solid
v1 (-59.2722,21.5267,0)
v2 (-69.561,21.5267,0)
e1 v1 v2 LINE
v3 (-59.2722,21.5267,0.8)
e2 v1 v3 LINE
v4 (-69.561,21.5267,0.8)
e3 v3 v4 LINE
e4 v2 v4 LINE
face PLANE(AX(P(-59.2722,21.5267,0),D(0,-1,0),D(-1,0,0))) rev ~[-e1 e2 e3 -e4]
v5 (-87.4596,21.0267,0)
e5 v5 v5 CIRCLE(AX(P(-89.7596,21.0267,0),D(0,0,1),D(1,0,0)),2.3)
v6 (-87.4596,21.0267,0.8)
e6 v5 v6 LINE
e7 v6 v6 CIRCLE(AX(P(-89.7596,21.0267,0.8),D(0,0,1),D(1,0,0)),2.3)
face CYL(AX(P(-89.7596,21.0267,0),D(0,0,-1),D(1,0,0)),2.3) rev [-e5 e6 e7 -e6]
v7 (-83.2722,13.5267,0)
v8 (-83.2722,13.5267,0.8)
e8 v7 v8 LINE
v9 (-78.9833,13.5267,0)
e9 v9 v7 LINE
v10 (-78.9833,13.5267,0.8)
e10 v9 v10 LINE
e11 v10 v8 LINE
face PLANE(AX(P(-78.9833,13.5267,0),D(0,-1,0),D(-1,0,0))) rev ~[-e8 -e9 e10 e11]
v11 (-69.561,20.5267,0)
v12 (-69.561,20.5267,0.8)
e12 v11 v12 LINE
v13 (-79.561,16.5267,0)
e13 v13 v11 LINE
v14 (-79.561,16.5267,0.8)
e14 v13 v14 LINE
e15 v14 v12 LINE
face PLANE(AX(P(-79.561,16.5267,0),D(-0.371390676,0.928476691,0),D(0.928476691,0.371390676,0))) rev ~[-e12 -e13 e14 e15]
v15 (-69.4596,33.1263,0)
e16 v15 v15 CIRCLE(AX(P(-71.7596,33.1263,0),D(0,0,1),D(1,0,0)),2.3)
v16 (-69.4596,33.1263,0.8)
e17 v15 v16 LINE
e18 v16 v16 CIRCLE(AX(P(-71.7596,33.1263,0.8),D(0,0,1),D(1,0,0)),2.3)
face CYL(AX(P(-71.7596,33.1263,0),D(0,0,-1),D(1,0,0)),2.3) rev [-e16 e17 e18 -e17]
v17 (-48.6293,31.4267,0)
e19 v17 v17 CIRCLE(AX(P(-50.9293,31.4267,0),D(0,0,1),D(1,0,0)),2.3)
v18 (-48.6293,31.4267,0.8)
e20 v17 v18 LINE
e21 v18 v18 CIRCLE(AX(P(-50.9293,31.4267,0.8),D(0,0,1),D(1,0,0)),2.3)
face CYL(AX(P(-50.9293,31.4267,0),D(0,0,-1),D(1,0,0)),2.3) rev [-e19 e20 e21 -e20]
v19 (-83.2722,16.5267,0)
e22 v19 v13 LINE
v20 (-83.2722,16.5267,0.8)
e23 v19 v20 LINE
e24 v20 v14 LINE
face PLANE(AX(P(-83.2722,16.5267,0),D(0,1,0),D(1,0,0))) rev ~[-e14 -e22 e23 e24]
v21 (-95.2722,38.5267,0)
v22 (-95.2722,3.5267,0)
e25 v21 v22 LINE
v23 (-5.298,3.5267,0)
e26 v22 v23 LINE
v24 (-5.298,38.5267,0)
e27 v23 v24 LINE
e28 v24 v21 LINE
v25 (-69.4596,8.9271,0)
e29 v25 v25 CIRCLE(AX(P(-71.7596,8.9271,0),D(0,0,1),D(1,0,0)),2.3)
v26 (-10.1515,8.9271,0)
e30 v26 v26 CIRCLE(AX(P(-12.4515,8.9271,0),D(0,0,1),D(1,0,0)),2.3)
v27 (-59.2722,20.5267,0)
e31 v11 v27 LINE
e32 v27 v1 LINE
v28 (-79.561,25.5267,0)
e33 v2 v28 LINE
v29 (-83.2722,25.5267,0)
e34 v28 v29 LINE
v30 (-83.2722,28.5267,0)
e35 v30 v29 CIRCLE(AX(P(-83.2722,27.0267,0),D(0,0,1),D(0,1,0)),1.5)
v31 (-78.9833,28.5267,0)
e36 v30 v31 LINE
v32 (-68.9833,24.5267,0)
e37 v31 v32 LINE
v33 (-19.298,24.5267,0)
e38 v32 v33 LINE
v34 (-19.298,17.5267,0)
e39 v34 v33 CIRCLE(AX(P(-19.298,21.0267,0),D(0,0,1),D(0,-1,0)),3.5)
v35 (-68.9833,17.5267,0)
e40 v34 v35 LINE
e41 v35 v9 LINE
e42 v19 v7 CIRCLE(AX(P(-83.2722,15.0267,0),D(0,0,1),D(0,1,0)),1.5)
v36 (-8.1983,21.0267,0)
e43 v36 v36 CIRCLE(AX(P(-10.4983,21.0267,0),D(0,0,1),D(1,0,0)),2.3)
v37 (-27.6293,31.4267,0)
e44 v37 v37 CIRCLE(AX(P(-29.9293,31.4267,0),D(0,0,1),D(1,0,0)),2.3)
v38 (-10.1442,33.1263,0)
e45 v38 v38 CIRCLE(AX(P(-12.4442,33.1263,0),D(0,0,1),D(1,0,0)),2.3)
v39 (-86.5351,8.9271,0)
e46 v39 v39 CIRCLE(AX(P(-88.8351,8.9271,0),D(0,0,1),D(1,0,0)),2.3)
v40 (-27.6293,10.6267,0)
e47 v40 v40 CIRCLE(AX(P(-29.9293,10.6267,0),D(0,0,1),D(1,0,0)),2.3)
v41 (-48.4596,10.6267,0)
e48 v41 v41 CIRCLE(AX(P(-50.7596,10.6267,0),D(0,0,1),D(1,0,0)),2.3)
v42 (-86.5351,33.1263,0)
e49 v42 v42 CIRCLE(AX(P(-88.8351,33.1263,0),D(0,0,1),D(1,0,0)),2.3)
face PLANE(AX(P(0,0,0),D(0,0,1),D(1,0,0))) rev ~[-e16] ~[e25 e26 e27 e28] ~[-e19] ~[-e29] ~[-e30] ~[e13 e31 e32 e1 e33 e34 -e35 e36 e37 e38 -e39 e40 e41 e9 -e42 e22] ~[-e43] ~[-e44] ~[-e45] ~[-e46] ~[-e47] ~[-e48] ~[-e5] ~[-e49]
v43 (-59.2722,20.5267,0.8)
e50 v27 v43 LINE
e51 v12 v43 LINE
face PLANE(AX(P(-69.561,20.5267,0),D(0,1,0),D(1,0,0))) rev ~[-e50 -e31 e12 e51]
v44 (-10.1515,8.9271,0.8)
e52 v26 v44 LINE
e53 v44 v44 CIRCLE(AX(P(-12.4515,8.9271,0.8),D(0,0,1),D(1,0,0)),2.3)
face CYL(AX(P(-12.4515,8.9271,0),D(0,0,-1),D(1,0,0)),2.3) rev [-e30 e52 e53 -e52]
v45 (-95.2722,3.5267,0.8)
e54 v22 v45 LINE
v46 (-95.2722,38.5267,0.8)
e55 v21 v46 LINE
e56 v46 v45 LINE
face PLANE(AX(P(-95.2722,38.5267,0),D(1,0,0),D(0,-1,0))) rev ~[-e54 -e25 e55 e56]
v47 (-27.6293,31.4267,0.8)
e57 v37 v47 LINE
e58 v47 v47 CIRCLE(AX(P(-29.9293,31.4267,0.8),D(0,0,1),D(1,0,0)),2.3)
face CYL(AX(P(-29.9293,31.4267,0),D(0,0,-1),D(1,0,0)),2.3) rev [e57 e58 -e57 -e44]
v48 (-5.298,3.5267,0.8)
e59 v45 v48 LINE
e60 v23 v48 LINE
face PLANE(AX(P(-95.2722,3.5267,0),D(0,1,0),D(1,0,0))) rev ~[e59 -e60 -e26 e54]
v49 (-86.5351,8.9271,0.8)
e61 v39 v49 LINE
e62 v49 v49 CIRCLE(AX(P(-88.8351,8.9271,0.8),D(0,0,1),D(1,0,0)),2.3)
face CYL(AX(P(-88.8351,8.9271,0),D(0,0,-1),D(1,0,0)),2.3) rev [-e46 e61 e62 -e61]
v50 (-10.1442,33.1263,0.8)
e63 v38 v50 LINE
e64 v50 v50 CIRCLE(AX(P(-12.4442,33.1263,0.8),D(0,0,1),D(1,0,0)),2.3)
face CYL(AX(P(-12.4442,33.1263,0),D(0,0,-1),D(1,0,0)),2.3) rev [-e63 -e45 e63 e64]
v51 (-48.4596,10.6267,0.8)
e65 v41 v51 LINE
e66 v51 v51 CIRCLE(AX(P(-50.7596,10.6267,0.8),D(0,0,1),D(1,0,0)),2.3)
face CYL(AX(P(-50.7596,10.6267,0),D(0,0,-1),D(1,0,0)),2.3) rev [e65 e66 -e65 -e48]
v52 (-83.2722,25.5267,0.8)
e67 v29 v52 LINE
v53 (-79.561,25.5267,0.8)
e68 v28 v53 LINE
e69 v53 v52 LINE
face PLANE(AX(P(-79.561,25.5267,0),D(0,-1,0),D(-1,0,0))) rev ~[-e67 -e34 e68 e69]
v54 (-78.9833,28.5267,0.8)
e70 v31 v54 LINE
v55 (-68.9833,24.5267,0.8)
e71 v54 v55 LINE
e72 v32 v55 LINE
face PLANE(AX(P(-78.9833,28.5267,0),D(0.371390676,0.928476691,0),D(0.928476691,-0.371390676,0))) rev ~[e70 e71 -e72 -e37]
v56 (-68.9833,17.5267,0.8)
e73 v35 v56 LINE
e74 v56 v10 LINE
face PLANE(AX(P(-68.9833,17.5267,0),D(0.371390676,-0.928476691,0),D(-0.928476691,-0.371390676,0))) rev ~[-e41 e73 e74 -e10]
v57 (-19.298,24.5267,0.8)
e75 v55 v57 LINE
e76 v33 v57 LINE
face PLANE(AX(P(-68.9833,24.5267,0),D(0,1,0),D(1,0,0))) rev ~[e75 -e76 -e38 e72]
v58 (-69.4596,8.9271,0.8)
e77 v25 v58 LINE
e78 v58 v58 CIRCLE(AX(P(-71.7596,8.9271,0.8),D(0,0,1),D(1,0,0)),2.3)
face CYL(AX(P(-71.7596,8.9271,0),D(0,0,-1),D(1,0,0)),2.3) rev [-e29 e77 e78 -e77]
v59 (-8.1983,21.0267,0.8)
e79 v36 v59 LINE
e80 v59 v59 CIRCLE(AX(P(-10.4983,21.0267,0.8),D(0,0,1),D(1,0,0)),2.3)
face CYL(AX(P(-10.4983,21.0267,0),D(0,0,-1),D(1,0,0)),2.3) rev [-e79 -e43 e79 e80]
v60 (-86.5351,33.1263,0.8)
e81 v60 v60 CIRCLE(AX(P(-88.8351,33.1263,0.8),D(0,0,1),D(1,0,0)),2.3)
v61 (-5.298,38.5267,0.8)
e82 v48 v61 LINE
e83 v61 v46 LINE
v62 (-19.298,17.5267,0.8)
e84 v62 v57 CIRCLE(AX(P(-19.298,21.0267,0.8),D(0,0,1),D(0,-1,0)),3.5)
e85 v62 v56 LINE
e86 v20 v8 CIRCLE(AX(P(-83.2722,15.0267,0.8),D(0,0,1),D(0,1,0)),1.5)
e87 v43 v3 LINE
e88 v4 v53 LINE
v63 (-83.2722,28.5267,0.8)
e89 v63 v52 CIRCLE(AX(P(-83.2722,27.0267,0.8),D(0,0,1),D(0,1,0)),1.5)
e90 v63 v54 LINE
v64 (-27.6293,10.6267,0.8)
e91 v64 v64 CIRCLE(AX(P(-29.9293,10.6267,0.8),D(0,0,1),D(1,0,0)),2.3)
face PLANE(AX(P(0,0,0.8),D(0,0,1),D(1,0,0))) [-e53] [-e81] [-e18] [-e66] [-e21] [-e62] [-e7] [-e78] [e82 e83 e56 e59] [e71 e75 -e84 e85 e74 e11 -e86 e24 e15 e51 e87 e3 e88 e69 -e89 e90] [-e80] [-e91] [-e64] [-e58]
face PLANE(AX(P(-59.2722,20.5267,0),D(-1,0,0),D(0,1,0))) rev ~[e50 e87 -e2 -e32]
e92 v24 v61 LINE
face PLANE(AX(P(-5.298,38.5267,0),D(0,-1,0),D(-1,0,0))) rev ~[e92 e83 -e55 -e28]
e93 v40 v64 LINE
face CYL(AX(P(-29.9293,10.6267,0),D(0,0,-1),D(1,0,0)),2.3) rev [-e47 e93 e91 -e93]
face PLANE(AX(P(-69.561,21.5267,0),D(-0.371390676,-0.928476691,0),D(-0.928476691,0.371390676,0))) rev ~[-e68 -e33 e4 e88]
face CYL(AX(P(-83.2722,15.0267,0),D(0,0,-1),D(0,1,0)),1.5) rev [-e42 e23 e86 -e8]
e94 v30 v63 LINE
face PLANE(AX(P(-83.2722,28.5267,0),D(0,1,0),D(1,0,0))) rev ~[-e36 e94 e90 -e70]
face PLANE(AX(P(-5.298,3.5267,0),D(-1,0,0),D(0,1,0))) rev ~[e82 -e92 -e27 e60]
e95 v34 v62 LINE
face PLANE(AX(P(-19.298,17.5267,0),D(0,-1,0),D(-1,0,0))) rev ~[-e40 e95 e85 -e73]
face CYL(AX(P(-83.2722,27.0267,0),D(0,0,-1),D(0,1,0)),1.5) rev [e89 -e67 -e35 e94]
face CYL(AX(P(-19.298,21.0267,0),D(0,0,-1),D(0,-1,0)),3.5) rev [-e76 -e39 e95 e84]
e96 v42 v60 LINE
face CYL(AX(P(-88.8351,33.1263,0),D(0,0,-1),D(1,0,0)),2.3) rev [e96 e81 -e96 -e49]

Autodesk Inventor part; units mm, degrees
ref_plane "YZ Plane" through (0, 0, 0) normal (1, 0, 0) x (0, 1, 0)
ref_plane "XZ Plane" through (0, 0, 0) normal (0, 1, 0) x (-1, 0, 0)
ref_plane "XY Plane" through (0, 0, 0) normal (0, 0, 1) x (1, 0, 0)
sketch "Esboço1" plane through (0, 0, 0) normal (0, 0, 1) x (1, 0, 0)
  line L0 (-5.298, 38.5267) -> (-95.2722, 38.5267)
  line L1 (-95.2722, 38.5267) -> (-95.2722, 3.5267)
  line L2 (-95.2722, 3.5267) -> (-5.298, 3.5267)
  line L3 (-5.298, 3.5267) -> (-5.298, 38.5267)
  line L4 (-78.9833, 28.5267) -> (-68.9833, 24.5267)
  line L5 (-68.9833, 24.5267) -> (-19.298, 24.5267)
  arc A0 (-19.298, 17.5267) -> (-19.298, 24.5267) centre (-19.298, 21.0267) ccw
  line L6 (-19.298, 17.5267) -> (-68.9833, 17.5267)
  line L7 (-68.9833, 17.5267) -> (-78.9833, 13.5267)
  line L8 (-78.9833, 13.5267) -> (-83.2722, 13.5267)
  arc A1 (-83.2722, 16.5267) -> (-83.2722, 13.5267) centre (-83.2722, 15.0267) ccw
  line L9 (-83.2722, 16.5267) -> (-79.561, 16.5267)
  line L10 (-79.561, 16.5267) -> (-69.561, 20.5267)
  line L11 (-69.561, 20.5267) -> (-59.2722, 20.5267)
  line L12 (-59.2722, 20.5267) -> (-59.2722, 21.5267)
  line L13 (-59.2722, 21.5267) -> (-69.561, 21.5267)
  line L14 (-69.561, 21.5267) -> (-79.561, 25.5267)
  line L15 (-79.561, 25.5267) -> (-83.2722, 25.5267)
  arc A2 (-83.2722, 28.5267) -> (-83.2722, 25.5267) centre (-83.2722, 27.0267) ccw
  line L16 (-83.2722, 28.5267) -> (-78.9833, 28.5267)
  circle A3 centre (-29.9293, 31.4267) radius 2.3
  circle A4 centre (-50.9293, 31.4267) radius 2.3
  circle A5 centre (-29.9293, 10.6267) radius 2.3
  circle A6 centre (-71.7596, 8.9271) radius 2.3
  circle A7 centre (-50.7596, 10.6267) radius 2.3
  circle A8 centre (-10.4983, 21.0267) radius 2.3
  circle A9 centre (-89.7596, 21.0267) radius 2.3
  circle A10 centre (-71.7596, 33.1263) radius 2.3
  circle A11 centre (-88.8351, 33.1263) radius 2.3
  circle A12 centre (-88.8351, 8.9271) radius 2.3
  circle A13 centre (-12.4442, 33.1263) radius 2.3
  circle A14 centre (-12.4515, 8.9271) radius 2.3
  point P0 (0, 0)
extrude "Extrusão1" add sketch "Esboço1" along normal blind 0.8
properties part number "borracha vedação"
